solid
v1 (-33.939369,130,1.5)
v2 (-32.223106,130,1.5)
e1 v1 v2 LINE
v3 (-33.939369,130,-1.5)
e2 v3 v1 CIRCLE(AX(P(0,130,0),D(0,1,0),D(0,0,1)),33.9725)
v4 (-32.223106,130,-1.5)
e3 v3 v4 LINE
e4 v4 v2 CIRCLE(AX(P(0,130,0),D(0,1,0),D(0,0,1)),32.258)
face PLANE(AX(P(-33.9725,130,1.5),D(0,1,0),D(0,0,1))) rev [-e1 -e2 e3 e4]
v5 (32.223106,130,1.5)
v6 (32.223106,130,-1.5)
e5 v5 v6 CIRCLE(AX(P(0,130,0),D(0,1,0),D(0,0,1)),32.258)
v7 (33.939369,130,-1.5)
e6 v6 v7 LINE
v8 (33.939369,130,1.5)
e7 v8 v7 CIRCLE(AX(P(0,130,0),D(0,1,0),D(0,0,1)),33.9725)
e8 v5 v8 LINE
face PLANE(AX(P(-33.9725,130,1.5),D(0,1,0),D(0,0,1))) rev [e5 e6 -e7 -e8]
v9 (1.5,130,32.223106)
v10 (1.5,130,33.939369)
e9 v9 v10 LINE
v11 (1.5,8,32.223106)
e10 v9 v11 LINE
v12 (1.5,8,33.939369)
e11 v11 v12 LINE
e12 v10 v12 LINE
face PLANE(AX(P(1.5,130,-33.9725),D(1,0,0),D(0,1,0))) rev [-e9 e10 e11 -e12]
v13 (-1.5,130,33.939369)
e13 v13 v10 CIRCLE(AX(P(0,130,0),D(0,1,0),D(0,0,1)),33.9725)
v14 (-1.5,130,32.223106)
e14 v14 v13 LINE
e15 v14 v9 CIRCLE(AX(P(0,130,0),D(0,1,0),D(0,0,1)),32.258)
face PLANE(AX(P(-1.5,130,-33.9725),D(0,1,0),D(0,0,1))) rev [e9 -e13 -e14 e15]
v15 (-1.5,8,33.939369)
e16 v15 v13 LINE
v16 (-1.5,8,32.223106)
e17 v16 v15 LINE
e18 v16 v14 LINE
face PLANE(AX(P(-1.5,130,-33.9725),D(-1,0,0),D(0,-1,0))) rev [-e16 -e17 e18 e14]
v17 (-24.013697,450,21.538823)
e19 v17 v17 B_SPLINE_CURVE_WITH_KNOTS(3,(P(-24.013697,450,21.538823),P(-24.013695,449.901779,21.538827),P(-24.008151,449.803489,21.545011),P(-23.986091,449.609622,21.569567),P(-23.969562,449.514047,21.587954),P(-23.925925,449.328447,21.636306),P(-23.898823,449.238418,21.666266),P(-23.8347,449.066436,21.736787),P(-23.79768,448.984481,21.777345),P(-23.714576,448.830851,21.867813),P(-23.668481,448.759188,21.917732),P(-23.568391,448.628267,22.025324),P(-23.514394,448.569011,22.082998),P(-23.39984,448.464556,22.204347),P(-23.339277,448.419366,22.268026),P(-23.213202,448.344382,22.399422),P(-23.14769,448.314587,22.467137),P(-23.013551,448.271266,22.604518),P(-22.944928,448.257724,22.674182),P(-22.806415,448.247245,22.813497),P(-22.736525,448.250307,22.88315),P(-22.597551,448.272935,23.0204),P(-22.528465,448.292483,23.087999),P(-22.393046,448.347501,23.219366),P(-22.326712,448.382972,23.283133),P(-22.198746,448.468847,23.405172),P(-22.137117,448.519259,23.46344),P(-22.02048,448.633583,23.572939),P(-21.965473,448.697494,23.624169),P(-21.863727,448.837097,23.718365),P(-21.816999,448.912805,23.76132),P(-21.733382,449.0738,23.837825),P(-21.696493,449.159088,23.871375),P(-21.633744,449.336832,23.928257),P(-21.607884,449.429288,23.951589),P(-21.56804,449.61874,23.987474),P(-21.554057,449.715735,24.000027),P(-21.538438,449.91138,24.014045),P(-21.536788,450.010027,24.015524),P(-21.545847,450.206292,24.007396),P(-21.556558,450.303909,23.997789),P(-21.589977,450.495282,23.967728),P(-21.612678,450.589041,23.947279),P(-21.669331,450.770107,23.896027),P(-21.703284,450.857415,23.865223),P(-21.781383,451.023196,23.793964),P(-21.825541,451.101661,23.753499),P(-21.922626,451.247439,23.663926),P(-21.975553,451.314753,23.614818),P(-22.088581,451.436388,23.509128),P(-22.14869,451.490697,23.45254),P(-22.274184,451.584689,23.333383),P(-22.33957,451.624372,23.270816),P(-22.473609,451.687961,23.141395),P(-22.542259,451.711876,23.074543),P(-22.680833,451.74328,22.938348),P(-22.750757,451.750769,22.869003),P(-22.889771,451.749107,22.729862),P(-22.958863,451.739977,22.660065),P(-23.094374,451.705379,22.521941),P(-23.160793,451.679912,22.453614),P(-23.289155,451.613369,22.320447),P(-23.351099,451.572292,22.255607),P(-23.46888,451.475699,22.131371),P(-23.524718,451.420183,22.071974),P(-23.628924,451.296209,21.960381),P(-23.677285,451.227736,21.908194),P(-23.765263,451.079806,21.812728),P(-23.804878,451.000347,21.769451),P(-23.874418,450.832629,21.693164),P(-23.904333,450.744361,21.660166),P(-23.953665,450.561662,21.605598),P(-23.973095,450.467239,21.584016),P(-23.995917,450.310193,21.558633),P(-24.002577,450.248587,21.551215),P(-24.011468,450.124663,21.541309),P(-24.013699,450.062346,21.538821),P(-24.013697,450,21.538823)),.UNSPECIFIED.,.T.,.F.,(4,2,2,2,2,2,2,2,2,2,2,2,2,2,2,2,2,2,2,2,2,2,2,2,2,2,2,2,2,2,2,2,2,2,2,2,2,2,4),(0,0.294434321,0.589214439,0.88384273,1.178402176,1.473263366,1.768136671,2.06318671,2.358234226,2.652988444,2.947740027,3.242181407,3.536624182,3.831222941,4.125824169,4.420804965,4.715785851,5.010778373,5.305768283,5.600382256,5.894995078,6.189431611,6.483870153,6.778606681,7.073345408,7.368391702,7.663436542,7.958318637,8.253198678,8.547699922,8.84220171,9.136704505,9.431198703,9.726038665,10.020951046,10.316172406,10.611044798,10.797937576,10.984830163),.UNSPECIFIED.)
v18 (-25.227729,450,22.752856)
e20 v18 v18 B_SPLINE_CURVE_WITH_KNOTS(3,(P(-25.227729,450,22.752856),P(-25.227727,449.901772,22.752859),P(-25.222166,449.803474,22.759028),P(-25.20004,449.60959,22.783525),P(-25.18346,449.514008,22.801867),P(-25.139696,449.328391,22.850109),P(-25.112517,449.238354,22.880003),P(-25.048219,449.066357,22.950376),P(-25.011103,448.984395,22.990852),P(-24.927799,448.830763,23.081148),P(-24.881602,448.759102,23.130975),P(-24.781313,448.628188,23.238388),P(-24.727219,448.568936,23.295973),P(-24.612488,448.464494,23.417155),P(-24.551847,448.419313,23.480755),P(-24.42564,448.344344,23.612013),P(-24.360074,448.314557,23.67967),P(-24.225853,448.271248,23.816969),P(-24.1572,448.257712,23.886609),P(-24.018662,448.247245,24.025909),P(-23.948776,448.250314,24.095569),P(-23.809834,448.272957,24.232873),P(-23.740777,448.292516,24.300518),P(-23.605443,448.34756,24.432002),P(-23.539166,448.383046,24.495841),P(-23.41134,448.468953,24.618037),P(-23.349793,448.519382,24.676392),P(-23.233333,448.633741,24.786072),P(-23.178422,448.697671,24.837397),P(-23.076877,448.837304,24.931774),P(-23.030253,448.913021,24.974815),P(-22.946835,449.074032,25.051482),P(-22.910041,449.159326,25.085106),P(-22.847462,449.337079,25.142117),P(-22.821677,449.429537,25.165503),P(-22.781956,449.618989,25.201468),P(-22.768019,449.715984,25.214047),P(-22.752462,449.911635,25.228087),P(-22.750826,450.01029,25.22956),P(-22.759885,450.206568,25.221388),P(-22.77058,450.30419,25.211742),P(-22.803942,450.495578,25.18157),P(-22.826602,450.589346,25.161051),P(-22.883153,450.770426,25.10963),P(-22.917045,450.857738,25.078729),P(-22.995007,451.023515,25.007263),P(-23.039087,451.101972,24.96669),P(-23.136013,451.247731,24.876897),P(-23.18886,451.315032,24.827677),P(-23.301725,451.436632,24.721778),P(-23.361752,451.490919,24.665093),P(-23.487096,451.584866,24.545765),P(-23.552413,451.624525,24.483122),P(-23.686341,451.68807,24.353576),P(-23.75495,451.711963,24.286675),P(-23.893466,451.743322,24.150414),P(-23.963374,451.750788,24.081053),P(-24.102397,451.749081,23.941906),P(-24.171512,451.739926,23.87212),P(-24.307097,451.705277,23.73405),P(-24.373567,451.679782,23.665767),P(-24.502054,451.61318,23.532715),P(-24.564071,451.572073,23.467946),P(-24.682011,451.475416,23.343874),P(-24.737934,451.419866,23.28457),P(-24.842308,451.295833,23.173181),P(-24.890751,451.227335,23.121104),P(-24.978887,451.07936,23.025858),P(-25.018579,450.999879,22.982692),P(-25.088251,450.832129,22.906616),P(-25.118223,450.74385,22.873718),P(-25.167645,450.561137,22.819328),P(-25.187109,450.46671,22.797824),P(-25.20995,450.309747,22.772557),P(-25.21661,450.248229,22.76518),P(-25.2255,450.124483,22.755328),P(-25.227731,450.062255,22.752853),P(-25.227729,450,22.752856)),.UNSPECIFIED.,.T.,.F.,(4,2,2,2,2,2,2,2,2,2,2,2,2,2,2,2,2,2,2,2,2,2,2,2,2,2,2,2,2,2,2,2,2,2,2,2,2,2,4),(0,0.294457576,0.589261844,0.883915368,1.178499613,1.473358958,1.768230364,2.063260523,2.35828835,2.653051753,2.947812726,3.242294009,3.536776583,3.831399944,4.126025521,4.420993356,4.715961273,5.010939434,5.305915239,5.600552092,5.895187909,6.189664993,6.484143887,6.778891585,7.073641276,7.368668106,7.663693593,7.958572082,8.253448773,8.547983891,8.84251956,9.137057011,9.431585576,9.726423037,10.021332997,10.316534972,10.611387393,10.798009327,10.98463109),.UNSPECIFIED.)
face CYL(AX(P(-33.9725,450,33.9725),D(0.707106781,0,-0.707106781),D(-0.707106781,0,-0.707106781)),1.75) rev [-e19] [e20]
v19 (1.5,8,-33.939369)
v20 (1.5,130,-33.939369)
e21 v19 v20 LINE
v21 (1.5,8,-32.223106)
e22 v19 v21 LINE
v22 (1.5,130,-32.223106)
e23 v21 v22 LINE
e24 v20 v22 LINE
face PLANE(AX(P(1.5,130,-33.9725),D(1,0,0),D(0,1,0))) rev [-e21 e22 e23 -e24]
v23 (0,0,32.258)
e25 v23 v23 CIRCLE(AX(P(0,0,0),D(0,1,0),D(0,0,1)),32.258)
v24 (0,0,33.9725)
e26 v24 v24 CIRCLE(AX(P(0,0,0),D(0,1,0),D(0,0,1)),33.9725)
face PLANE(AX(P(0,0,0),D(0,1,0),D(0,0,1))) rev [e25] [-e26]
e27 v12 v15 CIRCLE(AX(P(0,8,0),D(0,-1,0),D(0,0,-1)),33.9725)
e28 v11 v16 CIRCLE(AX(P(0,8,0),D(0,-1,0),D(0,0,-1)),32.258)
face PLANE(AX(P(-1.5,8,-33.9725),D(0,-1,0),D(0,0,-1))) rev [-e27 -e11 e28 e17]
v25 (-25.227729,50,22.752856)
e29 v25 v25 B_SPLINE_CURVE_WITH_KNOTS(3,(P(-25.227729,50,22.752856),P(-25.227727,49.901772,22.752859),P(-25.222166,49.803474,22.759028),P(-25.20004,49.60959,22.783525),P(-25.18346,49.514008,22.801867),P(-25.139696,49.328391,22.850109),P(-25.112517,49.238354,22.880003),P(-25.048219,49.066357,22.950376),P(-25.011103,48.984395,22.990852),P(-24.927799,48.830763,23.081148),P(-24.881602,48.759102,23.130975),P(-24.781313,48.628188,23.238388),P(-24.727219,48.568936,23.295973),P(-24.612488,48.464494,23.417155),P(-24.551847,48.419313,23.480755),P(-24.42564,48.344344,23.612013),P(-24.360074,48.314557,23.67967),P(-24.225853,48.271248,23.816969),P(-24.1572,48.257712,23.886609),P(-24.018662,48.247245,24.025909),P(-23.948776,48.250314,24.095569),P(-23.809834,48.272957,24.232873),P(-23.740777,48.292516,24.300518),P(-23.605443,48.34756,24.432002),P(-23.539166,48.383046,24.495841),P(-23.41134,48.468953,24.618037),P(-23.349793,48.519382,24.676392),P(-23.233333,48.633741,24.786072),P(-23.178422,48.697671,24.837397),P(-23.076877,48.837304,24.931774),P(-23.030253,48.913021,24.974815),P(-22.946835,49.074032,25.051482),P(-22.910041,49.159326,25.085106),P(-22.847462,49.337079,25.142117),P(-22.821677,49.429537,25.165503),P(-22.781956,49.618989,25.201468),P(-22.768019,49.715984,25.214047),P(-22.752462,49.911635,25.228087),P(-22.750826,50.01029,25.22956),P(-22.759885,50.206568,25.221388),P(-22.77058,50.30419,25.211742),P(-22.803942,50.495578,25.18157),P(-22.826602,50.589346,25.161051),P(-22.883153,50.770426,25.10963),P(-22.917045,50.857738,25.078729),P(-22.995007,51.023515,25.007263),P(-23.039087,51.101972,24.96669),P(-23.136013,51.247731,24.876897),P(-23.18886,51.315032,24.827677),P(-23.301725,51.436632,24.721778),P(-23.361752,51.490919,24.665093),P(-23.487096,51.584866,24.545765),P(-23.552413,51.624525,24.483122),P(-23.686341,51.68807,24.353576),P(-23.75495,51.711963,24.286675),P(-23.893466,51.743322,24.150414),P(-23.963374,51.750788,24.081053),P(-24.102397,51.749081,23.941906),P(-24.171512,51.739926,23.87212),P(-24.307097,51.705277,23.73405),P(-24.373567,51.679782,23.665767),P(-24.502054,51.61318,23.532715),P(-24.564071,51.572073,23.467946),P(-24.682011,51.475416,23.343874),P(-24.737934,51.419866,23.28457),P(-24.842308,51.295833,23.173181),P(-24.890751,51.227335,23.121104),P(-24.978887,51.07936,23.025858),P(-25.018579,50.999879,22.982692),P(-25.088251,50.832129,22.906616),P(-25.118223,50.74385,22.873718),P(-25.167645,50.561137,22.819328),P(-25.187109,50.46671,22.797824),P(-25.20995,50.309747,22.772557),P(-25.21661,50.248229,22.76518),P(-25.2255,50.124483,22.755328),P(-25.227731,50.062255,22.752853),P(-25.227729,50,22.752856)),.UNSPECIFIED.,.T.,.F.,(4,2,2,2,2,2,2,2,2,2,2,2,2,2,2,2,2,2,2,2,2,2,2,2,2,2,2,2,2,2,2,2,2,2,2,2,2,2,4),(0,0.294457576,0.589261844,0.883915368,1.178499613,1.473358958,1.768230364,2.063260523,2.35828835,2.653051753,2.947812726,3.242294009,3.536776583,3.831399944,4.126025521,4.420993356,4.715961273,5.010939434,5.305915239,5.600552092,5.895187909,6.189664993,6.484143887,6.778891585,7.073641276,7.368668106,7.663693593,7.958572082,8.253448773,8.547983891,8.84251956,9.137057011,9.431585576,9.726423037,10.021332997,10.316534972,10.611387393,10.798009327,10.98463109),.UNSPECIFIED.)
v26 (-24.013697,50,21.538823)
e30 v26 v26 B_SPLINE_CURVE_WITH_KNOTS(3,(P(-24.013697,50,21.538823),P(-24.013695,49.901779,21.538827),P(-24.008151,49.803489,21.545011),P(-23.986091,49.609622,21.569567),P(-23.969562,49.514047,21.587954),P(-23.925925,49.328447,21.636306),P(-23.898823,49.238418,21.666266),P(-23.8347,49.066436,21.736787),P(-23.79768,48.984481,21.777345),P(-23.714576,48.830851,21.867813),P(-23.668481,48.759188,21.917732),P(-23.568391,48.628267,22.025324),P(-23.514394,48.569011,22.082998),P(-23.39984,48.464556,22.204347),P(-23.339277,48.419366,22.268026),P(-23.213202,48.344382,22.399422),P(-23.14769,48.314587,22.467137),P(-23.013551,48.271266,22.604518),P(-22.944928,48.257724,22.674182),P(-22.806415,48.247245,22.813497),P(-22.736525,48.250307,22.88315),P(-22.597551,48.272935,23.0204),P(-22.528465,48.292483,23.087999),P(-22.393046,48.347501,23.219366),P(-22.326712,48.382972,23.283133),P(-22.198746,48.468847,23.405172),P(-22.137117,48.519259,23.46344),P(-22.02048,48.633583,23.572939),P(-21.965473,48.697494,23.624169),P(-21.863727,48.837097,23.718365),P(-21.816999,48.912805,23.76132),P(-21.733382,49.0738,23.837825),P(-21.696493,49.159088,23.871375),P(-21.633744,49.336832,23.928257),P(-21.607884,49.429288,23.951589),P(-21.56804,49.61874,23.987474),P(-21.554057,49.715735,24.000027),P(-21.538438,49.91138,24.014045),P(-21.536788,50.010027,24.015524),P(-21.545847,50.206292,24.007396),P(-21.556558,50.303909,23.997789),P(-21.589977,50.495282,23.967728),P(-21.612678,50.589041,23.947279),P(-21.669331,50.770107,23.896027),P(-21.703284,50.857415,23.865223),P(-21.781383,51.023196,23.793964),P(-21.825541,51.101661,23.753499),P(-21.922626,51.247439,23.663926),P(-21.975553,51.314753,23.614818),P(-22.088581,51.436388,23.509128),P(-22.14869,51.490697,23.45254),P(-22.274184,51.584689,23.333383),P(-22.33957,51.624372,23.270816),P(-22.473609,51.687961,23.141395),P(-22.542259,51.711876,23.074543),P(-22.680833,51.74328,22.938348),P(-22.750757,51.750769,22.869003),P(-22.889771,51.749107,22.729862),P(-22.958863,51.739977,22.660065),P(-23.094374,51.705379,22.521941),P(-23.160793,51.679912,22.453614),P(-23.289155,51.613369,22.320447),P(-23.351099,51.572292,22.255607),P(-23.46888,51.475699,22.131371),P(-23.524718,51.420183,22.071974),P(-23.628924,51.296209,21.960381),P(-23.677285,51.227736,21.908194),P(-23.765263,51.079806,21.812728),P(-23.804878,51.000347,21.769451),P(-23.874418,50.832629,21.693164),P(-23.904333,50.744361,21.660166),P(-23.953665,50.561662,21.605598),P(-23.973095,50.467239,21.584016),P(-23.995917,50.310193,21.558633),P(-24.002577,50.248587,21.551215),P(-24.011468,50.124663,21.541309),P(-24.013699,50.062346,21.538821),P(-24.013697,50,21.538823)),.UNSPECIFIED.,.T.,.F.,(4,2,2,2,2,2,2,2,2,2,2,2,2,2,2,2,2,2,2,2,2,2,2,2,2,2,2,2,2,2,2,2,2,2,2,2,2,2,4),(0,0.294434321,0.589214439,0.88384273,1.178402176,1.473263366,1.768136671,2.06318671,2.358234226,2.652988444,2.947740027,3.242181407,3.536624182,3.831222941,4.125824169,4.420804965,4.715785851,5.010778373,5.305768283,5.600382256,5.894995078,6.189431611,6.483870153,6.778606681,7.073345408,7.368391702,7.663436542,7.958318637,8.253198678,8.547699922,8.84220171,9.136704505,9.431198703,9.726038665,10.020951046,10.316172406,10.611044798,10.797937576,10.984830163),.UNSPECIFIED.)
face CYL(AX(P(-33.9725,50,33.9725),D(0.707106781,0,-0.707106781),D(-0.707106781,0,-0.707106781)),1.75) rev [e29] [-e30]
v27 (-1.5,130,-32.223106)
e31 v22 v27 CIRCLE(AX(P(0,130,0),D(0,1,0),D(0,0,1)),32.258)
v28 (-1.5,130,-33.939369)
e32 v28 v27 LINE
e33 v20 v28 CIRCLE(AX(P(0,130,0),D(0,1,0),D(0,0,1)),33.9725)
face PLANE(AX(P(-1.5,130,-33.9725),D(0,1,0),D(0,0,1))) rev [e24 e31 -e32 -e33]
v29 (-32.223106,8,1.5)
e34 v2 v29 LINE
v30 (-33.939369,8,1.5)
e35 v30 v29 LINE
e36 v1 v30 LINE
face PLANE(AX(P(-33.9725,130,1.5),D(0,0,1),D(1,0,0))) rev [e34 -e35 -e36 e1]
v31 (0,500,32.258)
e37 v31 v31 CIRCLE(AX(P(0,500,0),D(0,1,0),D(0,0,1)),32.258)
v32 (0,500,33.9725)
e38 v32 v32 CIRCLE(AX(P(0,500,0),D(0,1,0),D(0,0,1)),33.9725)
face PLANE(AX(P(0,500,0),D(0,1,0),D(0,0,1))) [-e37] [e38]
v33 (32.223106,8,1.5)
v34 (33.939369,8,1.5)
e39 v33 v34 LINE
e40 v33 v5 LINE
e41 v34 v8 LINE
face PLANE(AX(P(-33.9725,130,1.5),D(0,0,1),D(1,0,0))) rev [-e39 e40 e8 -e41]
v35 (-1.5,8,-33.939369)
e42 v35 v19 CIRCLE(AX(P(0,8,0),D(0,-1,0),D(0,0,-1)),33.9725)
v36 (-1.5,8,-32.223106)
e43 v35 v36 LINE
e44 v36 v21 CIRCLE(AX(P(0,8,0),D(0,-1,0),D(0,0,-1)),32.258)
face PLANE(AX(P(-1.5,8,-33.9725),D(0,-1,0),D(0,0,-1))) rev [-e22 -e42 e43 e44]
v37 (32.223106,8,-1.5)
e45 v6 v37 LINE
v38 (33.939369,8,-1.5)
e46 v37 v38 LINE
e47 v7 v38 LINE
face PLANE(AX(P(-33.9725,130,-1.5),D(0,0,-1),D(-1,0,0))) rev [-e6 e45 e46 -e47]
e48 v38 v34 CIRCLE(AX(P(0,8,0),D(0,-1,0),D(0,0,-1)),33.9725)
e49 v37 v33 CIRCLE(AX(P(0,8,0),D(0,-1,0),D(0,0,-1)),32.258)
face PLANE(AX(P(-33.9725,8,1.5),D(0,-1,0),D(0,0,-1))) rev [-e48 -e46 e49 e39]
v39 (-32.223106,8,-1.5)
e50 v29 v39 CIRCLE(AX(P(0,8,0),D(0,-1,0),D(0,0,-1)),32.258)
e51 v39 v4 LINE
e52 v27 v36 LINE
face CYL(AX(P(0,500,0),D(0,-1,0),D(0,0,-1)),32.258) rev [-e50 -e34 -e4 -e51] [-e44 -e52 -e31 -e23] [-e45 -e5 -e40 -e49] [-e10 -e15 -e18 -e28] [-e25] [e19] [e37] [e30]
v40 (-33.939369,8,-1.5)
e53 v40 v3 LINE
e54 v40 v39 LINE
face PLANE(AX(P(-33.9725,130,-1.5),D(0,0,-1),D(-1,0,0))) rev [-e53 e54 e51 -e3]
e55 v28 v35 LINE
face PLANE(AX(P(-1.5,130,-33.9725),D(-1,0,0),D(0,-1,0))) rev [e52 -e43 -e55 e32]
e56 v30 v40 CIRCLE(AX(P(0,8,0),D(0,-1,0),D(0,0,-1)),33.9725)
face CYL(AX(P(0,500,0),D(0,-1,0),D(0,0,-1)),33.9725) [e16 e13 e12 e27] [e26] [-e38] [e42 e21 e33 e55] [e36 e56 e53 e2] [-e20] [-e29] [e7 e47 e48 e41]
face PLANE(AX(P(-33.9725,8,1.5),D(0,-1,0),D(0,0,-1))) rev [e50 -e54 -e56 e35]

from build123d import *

# Parameters (mm, degrees)
SKETCH1_R                       = 33.9725
SKETCH1_R_2                     = 32.258
BULK_DEPTH                      = 500
SKETCH2_R                       = 1.75
LAUNCH_LUG_SCREW_HOLES_DEPTH    = 503.302957897
SKETCH3_W                       = 3
SKETCH3_H                       = 122
THRU_WALL_FIN_CUTS_DEPTH        = 503.30295801
THRU_WALL_FIN_CUT_PATTERN_COUNT = 2
THRU_WALL_FIN_CUT_PATTERN_ANGLE = 90


with BuildPart() as part:
    # Sketch1 → BULK (new body)
    with BuildSketch(Plane(origin=(0, 0, 0), x_dir=(1, 0, 0), z_dir=(0, 1, 0))):
        Circle(SKETCH1_R)
        Circle(SKETCH1_R_2, mode=Mode.SUBTRACT)
    extrude(amount=BULK_DEPTH)

    # Sketch2 → LAUNCH LUG SCREW HOLES (cut, through all)
    with BuildSketch(Plane(origin=(0, 0, 0), x_dir=(0.7071067811865477, 0, 0.7071067811865475), z_dir=(-0.7071067811865475, 0, 0.7071067811865477))):
        with Locations((0, 50)):
            Circle(SKETCH2_R)
        with Locations((0, 450)):
            Circle(SKETCH2_R)
    extrude(amount=LAUNCH_LUG_SCREW_HOLES_DEPTH, mode=Mode.SUBTRACT)

    # Sketch3 → THRU WALL FIN CUTS (cut, symmetric)
    with BuildSketch(Plane.XY):
        with Locations((0, 69)):
            Rectangle(SKETCH3_W, SKETCH3_H)
    thru_wall_fin_cuts = extrude(amount=THRU_WALL_FIN_CUTS_DEPTH, both=True, mode=Mode.SUBTRACT)

    # THRU WALL FIN CUT PATTERN: THRU WALL FIN CUTS ×2 about axis
    thru_wall_fin_cut_pattern_axis = Axis((0, -25, 0), (0, 1, 0))
    for i in range(1, THRU_WALL_FIN_CUT_PATTERN_COUNT):
        add(thru_wall_fin_cuts.rotate(thru_wall_fin_cut_pattern_axis, i * THRU_WALL_FIN_CUT_PATTERN_ANGLE / (THRU_WALL_FIN_CUT_PATTERN_COUNT - 1)), mode=Mode.SUBTRACT)


solid = part.part
